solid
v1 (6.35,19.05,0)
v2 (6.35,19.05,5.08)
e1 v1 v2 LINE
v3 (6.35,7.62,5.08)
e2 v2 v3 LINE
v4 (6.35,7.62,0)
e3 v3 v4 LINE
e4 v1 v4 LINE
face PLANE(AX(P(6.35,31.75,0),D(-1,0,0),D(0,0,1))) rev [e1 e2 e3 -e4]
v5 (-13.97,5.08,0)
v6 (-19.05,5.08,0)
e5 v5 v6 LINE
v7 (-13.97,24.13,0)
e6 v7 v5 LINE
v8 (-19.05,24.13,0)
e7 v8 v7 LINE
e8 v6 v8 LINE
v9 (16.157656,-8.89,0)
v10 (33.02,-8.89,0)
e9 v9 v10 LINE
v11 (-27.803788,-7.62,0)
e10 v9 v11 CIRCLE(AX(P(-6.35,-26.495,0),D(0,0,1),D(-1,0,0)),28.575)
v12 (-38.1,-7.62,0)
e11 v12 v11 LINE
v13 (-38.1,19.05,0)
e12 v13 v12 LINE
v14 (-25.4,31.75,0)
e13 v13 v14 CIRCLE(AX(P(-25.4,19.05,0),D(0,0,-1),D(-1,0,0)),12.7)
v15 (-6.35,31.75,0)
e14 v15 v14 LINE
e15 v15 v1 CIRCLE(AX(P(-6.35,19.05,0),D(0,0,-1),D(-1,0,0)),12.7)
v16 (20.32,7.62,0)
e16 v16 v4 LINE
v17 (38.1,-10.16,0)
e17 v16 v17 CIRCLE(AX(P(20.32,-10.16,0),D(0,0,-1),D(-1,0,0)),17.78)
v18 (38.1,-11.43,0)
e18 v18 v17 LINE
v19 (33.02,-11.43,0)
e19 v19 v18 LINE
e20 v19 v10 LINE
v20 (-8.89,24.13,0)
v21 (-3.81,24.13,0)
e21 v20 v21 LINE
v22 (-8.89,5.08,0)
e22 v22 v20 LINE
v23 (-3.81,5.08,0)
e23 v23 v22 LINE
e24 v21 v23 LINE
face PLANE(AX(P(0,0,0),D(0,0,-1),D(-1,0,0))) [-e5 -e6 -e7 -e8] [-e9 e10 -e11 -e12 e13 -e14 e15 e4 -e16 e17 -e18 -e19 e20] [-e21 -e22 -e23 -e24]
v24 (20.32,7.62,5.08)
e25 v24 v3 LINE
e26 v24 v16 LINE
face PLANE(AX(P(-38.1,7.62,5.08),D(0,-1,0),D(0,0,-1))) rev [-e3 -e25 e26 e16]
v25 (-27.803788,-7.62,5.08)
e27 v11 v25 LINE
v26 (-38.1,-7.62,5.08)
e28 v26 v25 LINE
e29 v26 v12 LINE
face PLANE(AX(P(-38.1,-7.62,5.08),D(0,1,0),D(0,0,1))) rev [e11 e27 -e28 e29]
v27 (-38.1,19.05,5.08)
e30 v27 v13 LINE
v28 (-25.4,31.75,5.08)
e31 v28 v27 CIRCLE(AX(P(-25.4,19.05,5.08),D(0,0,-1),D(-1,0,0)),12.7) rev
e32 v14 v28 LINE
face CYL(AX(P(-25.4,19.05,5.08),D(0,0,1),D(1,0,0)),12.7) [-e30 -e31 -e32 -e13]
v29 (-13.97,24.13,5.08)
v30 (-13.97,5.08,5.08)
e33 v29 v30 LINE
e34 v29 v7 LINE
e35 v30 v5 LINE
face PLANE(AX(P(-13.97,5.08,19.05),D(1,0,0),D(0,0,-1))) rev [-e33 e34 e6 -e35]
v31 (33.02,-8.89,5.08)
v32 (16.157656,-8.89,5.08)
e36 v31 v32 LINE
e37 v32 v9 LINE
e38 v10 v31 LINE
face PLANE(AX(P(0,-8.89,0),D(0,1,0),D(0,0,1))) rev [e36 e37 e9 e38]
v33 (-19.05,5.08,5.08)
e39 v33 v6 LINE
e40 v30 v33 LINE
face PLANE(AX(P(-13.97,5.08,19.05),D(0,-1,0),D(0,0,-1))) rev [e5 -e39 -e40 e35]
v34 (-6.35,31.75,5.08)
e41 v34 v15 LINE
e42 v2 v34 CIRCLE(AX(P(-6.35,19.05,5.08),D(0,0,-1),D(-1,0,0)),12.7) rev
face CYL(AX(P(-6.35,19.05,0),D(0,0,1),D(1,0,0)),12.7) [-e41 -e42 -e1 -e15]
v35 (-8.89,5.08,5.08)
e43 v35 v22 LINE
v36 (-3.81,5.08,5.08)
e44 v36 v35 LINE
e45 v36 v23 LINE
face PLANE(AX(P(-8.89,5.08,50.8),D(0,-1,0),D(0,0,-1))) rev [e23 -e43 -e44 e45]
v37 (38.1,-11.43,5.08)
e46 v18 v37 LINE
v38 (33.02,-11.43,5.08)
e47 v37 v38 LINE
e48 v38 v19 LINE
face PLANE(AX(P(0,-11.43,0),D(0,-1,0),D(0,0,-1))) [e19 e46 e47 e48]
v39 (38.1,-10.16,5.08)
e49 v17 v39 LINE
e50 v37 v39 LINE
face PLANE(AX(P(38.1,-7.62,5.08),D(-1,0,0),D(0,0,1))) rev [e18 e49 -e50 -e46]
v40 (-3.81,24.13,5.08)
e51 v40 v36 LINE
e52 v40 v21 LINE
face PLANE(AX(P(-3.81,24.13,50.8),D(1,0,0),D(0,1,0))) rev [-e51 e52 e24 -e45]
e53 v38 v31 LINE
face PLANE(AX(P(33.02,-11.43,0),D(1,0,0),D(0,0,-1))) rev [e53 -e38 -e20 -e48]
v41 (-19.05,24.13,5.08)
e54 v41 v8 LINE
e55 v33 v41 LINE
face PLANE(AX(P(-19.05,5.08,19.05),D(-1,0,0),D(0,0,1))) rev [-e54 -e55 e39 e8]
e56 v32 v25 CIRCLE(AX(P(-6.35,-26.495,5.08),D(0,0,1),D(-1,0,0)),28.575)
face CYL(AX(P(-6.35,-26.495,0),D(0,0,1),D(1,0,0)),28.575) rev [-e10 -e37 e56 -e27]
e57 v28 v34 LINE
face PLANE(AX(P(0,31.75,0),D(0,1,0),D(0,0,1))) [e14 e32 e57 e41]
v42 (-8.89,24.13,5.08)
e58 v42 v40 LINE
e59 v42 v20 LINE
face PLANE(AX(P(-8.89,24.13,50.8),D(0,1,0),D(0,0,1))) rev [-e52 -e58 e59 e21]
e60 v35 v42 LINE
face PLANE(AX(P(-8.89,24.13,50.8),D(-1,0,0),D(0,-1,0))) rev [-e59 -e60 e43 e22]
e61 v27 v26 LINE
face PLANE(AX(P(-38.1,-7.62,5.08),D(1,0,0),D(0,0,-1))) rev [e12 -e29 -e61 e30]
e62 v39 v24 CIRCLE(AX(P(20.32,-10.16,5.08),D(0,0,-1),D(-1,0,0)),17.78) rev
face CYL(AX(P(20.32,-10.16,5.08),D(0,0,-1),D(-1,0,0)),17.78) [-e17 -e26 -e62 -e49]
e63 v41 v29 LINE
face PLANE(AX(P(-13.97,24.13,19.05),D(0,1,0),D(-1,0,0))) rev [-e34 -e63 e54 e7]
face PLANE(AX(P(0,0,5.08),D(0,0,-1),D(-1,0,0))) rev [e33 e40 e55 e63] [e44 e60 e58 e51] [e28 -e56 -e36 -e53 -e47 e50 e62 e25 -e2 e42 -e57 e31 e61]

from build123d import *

# Parameters (mm, degrees)
SKETCH1_W           = 76.2
SKETCH1_H           = 15.24
BOSS_EXTRUDE1_DEPTH = 5.08
SKETCH2_W           = 25.4
SKETCH2_H           = 5.08
BOSS_EXTRUDE2_DEPTH = 31.75
SKETCH4_W           = 5.08
SKETCH4_H           = 19.05
CUT_EXTRUDE2_DEPTH  = 50.8
SKETCH6_W           = 5.08
SKETCH6_H           = 34.29
BOSS_EXTRUDE3_DEPTH = 19.05
SKETCH7_W           = 5.08
SKETCH7_H           = 19.05
CUT_EXTRUDE4_DEPTH  = 19.05
FILLET1_R           = 12.7
SKETCH12_W          = 5.08
SKETCH12_H          = 5.08
BOSS_EXTRUDE5_DEPTH = 3.81
SKETCH14_W          = 31.440322014
SKETCH14_H          = 5.08
BOSS_EXTRUDE7_DEPTH = 1.27
CUT_EXTRUDE7_DEPTH  = 50.854577523
FILLET3_R           = 17.78


with BuildPart() as part:
    # Sketch1 → Boss-Extrude1 (new body)
    with BuildSketch(Plane.XY):
        Rectangle(SKETCH1_W, SKETCH1_H)
    extrude(amount=BOSS_EXTRUDE1_DEPTH)

    # Sketch2 → Boss-Extrude2 (add)
    with BuildSketch(Plane(origin=(0, 0, 0), x_dir=(1, 0, 0), z_dir=(0, 1, 0))):
        with Locations((-6.35, -2.54)):
            Rectangle(SKETCH2_W, SKETCH2_H)
    extrude(amount=BOSS_EXTRUDE2_DEPTH)

    # Sketch4 → Cut-Extrude2 (cut)
    with BuildSketch(Plane(origin=(0, 0, 0), x_dir=(-1, 0, 0), z_dir=(0, 0, -1))):
        with Locations((6.35, 14.605)):
            Rectangle(SKETCH4_W, SKETCH4_H)
    extrude(amount=-CUT_EXTRUDE2_DEPTH, mode=Mode.SUBTRACT)

    # Sketch6 → Boss-Extrude3 (add)
    with BuildSketch(Plane.ZY.offset(19.05)):
        with Locations((2.54, 14.605)):
            Rectangle(SKETCH6_W, SKETCH6_H)
    extrude(amount=BOSS_EXTRUDE3_DEPTH)

    # Sketch7 → Cut-Extrude4 (cut)
    with BuildSketch(Plane(origin=(0, 0, 0), x_dir=(-1, 0, 0), z_dir=(0, 0, -1))):
        with Locations((16.51, 14.605)):
            Rectangle(SKETCH7_W, SKETCH7_H)
    extrude(amount=-CUT_EXTRUDE4_DEPTH, mode=Mode.SUBTRACT)

    # Fillet1
    fillet1_edges = [part.edges().sort_by_distance(p)[0] for p in [
        (6.35, 31.75, 2.54),
        (-38.1, 31.75, 2.54),
    ]]
    fillet(fillet1_edges, radius=FILLET1_R)

    # Sketch12 → Boss-Extrude5 (add)
    with BuildSketch(Plane.XZ.offset(7.62)):
        with Locations((35.56, 2.54)):
            Rectangle(SKETCH12_W, SKETCH12_H)
    extrude(amount=BOSS_EXTRUDE5_DEPTH)

    # Sketch14 → Boss-Extrude7 (add)
    with BuildSketch(Plane.XZ.offset(7.62)):
        with Locations((17.299838993, 2.54)):
            Rectangle(SKETCH14_W, SKETCH14_H)
    extrude(amount=BOSS_EXTRUDE7_DEPTH)

    # Sketch9 → Cut-Extrude7 (cut, through all)
    with BuildSketch(Plane.XY.offset(5.08)):
        with BuildLine():
            Line((22.048333309, -23.322415838), (-34.748333309, -23.322415838))
            ThreePointArc((-34.748333309, -23.322415838), (-25.400905918, -5.197262826), (-6.35, 2.08))
            ThreePointArc((-6.35, 2.08), (12.700905918, -5.197262826), (22.048333309, -23.322415838))
        make_face()
    extrude(amount=-CUT_EXTRUDE7_DEPTH, mode=Mode.SUBTRACT)

    # Fillet3
    fillet3_edges = [part.edges().sort_by_distance(p)[0] for p in [
        (38.1, 7.62, 2.54),
    ]]
    fillet(fillet3_edges, radius=FILLET3_R)


solid = part.part
